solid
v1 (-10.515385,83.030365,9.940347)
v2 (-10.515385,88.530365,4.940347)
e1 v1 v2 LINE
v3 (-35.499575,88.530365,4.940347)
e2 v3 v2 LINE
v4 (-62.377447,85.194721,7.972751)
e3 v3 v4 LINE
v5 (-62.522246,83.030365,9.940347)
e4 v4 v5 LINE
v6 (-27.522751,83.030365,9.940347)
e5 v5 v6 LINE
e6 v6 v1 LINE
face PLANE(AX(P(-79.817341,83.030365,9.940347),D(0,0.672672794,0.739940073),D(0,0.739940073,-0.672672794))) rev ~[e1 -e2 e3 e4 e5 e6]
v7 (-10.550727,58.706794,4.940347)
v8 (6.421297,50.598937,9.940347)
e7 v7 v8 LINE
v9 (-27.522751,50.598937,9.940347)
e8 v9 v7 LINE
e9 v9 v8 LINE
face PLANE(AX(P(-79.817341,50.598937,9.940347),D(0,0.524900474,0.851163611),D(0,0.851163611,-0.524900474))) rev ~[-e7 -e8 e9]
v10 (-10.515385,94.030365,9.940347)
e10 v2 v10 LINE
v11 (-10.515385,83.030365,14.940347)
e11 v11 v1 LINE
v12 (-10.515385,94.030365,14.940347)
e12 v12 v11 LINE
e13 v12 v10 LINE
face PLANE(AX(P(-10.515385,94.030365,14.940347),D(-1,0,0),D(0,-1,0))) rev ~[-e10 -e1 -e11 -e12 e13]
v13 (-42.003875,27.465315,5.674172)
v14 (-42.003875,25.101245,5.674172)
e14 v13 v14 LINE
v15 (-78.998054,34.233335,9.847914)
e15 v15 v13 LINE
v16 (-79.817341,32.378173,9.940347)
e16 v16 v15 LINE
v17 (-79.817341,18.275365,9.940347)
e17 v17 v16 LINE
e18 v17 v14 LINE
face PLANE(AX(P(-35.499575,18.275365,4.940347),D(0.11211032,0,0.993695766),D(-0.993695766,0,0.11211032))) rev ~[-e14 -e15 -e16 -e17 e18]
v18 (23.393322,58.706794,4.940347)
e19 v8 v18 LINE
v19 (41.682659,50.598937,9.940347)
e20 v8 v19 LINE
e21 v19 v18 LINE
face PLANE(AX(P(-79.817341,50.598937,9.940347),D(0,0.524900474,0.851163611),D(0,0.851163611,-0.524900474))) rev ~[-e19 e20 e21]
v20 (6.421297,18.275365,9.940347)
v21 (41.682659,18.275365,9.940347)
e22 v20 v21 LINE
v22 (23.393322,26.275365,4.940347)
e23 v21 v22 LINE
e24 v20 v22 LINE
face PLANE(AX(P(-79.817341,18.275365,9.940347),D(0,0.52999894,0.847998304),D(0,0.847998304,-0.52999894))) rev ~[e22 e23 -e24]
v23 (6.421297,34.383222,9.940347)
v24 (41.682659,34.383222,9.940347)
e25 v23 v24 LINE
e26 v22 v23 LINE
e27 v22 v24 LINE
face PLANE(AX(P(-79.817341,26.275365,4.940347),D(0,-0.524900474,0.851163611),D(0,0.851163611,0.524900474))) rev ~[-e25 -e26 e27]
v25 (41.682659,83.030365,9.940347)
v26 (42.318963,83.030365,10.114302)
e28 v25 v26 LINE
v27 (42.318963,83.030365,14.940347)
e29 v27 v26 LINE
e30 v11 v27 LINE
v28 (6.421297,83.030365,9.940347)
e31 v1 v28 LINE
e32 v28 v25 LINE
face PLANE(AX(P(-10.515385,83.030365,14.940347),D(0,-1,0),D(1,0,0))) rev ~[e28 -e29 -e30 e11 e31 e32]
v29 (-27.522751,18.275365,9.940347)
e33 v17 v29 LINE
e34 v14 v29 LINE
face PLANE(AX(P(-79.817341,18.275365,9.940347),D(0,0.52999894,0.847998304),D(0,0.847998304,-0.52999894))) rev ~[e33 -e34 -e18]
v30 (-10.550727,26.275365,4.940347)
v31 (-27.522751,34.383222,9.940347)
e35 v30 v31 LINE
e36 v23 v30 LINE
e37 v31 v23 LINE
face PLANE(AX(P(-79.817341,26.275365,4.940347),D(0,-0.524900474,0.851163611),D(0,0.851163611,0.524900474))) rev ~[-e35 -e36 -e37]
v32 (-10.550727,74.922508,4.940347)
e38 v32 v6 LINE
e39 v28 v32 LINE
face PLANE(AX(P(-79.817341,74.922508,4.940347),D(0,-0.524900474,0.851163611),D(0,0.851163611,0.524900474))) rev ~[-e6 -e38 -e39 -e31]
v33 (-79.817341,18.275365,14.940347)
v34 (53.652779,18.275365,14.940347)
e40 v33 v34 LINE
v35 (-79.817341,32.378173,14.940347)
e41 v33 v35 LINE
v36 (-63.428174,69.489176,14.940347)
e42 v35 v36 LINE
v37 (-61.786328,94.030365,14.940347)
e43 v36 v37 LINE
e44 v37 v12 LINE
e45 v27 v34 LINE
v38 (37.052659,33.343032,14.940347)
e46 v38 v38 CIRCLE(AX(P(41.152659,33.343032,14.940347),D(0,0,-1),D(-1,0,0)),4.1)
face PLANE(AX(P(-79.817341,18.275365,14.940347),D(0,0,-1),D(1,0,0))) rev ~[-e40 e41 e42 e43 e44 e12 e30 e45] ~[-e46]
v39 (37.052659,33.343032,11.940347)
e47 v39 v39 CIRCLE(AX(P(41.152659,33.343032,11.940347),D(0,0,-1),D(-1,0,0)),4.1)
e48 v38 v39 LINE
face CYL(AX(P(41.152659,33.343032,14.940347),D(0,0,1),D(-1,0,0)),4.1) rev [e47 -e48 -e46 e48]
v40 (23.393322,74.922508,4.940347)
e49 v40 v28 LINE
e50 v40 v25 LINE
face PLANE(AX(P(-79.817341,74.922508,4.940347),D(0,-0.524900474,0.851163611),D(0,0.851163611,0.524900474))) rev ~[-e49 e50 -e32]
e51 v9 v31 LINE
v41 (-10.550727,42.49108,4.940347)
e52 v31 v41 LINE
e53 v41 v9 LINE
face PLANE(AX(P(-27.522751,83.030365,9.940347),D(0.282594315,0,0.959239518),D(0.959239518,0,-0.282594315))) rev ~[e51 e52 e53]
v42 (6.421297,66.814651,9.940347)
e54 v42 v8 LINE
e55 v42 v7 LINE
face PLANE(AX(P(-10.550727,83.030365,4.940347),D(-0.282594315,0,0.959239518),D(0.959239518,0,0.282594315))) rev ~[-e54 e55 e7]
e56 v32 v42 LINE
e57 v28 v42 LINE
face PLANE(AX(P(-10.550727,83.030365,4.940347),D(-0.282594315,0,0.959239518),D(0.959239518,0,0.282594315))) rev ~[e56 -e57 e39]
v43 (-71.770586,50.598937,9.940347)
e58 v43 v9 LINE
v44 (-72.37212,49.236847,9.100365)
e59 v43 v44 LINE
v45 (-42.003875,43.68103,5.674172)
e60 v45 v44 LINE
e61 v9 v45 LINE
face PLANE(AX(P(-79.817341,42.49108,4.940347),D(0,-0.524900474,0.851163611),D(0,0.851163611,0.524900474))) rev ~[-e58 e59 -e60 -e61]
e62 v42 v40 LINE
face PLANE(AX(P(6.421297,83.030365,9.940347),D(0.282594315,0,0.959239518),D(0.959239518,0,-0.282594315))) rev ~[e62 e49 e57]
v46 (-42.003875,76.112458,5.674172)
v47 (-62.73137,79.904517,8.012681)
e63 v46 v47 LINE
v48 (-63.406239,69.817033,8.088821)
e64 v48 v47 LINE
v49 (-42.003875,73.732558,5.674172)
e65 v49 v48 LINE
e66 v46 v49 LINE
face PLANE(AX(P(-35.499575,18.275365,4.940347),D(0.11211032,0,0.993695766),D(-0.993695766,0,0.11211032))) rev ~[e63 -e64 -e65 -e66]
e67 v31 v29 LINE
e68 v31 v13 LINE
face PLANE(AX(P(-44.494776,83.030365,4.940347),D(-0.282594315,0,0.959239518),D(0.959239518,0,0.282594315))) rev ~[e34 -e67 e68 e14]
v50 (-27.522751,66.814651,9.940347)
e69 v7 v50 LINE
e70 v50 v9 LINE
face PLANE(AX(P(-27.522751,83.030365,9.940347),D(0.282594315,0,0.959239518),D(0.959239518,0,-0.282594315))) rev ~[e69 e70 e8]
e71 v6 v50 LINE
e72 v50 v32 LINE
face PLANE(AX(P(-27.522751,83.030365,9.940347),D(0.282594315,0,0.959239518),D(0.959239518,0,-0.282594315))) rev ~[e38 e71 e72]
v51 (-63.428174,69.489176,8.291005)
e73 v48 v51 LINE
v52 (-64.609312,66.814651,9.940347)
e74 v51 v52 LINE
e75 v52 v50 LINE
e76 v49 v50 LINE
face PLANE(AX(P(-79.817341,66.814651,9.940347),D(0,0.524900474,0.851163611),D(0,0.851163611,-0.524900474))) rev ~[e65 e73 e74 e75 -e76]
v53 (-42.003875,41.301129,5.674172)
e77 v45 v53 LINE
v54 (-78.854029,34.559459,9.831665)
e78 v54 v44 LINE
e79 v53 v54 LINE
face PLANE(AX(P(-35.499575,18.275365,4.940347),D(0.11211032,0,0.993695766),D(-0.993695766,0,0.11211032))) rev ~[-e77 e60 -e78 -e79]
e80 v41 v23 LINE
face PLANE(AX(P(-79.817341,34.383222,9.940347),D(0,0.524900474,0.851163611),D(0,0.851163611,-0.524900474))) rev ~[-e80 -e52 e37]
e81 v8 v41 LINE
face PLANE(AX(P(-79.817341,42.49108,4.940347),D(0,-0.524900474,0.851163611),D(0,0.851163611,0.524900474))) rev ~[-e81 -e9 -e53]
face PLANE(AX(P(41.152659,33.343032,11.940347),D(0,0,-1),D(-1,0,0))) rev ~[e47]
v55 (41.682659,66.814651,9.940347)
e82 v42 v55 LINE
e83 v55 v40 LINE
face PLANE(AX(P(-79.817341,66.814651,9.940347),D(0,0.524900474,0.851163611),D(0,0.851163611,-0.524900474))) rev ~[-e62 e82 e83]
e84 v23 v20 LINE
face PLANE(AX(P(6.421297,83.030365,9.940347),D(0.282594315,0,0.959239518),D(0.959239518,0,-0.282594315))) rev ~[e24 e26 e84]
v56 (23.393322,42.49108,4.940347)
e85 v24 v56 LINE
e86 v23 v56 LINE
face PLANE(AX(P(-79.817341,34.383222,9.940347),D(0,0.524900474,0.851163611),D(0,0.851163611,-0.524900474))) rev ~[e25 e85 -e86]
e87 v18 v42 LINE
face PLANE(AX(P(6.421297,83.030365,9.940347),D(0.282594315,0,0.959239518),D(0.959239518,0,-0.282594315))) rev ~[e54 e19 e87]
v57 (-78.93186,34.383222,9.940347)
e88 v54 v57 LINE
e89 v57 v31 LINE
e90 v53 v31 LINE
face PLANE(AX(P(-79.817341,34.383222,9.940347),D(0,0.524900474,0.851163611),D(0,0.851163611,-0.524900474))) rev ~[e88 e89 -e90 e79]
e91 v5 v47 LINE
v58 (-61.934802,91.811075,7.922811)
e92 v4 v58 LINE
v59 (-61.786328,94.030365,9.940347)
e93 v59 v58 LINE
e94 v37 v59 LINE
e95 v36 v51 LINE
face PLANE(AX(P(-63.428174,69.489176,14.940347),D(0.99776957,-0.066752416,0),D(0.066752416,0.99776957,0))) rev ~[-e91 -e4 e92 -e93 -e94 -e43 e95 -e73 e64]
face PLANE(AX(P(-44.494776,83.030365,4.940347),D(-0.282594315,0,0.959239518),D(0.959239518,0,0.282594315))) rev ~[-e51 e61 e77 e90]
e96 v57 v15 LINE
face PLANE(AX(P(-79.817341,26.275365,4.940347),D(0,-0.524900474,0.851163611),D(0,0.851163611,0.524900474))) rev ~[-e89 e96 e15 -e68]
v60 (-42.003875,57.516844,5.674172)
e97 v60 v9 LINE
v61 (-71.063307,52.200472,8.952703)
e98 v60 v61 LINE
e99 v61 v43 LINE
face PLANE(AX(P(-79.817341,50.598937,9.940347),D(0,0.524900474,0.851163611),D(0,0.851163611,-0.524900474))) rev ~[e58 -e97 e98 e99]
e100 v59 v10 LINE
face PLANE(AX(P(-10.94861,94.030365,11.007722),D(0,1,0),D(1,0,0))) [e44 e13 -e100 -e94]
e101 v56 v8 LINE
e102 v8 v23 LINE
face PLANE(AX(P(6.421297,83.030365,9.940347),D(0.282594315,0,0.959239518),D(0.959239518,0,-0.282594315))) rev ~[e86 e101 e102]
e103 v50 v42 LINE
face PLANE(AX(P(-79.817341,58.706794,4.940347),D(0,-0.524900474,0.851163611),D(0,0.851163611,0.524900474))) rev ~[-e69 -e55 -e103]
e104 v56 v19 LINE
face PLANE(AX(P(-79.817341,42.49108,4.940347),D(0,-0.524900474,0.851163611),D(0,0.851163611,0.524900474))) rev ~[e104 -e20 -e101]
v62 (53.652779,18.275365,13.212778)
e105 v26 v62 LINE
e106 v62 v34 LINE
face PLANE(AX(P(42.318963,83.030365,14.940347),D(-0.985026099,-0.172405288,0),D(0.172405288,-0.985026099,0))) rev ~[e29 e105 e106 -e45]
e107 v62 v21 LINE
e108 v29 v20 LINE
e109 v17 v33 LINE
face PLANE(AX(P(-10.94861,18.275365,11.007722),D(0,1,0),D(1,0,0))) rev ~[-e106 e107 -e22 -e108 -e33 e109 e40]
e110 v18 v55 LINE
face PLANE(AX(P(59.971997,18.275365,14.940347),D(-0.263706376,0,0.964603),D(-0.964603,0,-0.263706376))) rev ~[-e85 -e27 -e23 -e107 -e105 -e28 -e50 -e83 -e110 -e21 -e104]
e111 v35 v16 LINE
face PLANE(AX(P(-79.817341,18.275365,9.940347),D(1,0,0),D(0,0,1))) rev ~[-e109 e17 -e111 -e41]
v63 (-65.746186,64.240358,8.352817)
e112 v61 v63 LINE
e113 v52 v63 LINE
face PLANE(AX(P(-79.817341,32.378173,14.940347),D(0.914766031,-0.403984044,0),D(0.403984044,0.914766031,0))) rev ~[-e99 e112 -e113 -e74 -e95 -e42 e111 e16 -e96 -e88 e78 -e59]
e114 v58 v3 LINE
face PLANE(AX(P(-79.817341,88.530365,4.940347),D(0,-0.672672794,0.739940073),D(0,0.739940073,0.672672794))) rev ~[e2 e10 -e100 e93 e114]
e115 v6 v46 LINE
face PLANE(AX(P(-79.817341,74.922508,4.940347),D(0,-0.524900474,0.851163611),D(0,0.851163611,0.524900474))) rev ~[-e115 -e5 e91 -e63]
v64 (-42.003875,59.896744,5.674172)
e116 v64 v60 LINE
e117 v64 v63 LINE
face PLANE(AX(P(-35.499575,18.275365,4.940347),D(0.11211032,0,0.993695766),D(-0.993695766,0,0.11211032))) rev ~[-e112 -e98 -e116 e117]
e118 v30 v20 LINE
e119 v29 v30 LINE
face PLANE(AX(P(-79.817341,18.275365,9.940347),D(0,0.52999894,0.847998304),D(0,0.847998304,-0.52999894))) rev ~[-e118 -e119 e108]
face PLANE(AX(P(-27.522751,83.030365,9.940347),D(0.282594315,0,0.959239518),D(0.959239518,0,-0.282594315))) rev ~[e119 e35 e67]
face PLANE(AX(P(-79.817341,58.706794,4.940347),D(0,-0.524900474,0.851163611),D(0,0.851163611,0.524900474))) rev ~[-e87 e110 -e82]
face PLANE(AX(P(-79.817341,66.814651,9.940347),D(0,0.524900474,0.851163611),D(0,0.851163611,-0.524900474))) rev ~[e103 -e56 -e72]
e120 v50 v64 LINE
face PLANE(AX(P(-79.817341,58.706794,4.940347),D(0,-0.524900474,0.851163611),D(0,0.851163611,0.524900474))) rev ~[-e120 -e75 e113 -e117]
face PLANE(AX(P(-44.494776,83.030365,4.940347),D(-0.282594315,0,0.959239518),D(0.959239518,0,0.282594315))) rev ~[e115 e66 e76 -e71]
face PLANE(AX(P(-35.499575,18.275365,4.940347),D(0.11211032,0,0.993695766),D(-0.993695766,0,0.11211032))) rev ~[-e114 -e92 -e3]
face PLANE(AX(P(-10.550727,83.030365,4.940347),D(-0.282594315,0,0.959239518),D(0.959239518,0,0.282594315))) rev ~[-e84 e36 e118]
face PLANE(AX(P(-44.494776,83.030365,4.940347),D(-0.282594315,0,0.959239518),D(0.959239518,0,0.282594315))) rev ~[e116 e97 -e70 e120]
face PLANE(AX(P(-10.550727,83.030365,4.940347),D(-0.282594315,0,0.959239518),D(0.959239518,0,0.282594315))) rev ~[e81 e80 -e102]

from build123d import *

# Parameters (mm, degrees)
BOSS_EXTRU_1_DEPTH      = 75.755
ENL_V_MAT_EXTRU_1_DEPTH = 124.743757195
ENL_V_MAT_EXTRU_2_DEPTH = 164.948761341
ENL_V_MAT_EXTRU_3_DEPTH = 104.861599502
ESQUISSE7_R             = 4.1
ENL_V_MAT_EXTRU_8_DEPTH = 3


with BuildPart() as part:
    # Esquisse1 → Boss.-Extru.1 (new body)
    with BuildSketch(Plane(origin=(0, 18.275365242, 0), x_dir=(1, 0, 0), z_dir=(0, 1, 0))):
        Polygon((59.971997273, -14.940347022), (23.39332157, -4.940347022), (-35.499575309, -4.940347022), (-79.817340578, -9.940347022), (-79.817340578, -14.940347022), align=None)
    extrude(amount=BOSS_EXTRU_1_DEPTH)

    # Esquisse2 → Enlèv. mat.-Extru.1 (cut, through all)
    with BuildSketch(Plane.XY.offset(14.940347022)):
        Polygon((-79.817340578, 32.378172924), (-63.428173599, 69.489176305), (-61.786327919, 94.030365243), (-79.817340578, 94.030365243), align=None)
        Polygon((-10.515385045, 94.030365243), (-10.515385045, 83.030365243), (42.318963009, 83.030365243), (59.971997273, -17.829066981), (59.971997273, 94.030365243), align=None)
    extrude(amount=-ENL_V_MAT_EXTRU_1_DEPTH, mode=Mode.SUBTRACT)

    # Esquisse3 → Enlèv. mat.-Extru.2 (cut, through all)
    with BuildSketch(Plane.ZY.offset(79.817340578)):
        Polygon((4.940347022, 18.275365242), (9.940347022, 18.275365242), (4.940347022, 26.275365242), align=None)
        Polygon((4.940347022, 42.491079528), (4.940347022, 26.275365242), (9.940347022, 34.383222385), align=None)
        Polygon((4.940347022, 94.030365243), (4.940347022, 88.530365243), (9.940347022, 94.030365243), align=None)
        Polygon((4.940347022, 58.706793814), (4.940347022, 42.491079528), (9.940347022, 50.598936671), align=None)
        Polygon((4.940347022, 74.9225081), (4.940347022, 58.706793814), (9.940347022, 66.814650957), align=None)
        Polygon((4.940347022, 88.530365243), (4.940347022, 74.9225081), (9.940347022, 83.030365243), align=None)
    extrude(amount=-ENL_V_MAT_EXTRU_2_DEPTH, mode=Mode.SUBTRACT)

    # Esquisse4 → Enlèv. mat.-Extru.3 (cut, through all)
    with BuildSketch(Plane(origin=(0, 83.030365243, 0), x_dir=(1, 0, 0), z_dir=(0, 1, 0))):
        Polygon((23.39332157, -4.940347022), (-10.550727062, -4.940347022), (6.421297254, -9.940347022), align=None)
        Polygon((-10.550727062, -4.940347022), (-44.494775695, -4.940347022), (-27.522751379, -9.940347022), align=None)
        Polygon((-79.817340578, -4.940347022), (-61.934802033, -7.92281089), (-44.494775695, -4.940347022), align=None)
    extrude(amount=-ENL_V_MAT_EXTRU_3_DEPTH, mode=Mode.SUBTRACT)

    # Esquisse7 → Enlèv. mat.-Extru.8 (cut)
    with BuildSketch(Plane(origin=(0, 0, 14.940347022), x_dir=(-1, 0, 0), z_dir=(0, 0, -1))):
        with Locations((-41.152659422, 33.343031941)):
            Circle(ESQUISSE7_R)
    extrude(amount=ENL_V_MAT_EXTRU_8_DEPTH, mode=Mode.SUBTRACT)


solid = part.part
